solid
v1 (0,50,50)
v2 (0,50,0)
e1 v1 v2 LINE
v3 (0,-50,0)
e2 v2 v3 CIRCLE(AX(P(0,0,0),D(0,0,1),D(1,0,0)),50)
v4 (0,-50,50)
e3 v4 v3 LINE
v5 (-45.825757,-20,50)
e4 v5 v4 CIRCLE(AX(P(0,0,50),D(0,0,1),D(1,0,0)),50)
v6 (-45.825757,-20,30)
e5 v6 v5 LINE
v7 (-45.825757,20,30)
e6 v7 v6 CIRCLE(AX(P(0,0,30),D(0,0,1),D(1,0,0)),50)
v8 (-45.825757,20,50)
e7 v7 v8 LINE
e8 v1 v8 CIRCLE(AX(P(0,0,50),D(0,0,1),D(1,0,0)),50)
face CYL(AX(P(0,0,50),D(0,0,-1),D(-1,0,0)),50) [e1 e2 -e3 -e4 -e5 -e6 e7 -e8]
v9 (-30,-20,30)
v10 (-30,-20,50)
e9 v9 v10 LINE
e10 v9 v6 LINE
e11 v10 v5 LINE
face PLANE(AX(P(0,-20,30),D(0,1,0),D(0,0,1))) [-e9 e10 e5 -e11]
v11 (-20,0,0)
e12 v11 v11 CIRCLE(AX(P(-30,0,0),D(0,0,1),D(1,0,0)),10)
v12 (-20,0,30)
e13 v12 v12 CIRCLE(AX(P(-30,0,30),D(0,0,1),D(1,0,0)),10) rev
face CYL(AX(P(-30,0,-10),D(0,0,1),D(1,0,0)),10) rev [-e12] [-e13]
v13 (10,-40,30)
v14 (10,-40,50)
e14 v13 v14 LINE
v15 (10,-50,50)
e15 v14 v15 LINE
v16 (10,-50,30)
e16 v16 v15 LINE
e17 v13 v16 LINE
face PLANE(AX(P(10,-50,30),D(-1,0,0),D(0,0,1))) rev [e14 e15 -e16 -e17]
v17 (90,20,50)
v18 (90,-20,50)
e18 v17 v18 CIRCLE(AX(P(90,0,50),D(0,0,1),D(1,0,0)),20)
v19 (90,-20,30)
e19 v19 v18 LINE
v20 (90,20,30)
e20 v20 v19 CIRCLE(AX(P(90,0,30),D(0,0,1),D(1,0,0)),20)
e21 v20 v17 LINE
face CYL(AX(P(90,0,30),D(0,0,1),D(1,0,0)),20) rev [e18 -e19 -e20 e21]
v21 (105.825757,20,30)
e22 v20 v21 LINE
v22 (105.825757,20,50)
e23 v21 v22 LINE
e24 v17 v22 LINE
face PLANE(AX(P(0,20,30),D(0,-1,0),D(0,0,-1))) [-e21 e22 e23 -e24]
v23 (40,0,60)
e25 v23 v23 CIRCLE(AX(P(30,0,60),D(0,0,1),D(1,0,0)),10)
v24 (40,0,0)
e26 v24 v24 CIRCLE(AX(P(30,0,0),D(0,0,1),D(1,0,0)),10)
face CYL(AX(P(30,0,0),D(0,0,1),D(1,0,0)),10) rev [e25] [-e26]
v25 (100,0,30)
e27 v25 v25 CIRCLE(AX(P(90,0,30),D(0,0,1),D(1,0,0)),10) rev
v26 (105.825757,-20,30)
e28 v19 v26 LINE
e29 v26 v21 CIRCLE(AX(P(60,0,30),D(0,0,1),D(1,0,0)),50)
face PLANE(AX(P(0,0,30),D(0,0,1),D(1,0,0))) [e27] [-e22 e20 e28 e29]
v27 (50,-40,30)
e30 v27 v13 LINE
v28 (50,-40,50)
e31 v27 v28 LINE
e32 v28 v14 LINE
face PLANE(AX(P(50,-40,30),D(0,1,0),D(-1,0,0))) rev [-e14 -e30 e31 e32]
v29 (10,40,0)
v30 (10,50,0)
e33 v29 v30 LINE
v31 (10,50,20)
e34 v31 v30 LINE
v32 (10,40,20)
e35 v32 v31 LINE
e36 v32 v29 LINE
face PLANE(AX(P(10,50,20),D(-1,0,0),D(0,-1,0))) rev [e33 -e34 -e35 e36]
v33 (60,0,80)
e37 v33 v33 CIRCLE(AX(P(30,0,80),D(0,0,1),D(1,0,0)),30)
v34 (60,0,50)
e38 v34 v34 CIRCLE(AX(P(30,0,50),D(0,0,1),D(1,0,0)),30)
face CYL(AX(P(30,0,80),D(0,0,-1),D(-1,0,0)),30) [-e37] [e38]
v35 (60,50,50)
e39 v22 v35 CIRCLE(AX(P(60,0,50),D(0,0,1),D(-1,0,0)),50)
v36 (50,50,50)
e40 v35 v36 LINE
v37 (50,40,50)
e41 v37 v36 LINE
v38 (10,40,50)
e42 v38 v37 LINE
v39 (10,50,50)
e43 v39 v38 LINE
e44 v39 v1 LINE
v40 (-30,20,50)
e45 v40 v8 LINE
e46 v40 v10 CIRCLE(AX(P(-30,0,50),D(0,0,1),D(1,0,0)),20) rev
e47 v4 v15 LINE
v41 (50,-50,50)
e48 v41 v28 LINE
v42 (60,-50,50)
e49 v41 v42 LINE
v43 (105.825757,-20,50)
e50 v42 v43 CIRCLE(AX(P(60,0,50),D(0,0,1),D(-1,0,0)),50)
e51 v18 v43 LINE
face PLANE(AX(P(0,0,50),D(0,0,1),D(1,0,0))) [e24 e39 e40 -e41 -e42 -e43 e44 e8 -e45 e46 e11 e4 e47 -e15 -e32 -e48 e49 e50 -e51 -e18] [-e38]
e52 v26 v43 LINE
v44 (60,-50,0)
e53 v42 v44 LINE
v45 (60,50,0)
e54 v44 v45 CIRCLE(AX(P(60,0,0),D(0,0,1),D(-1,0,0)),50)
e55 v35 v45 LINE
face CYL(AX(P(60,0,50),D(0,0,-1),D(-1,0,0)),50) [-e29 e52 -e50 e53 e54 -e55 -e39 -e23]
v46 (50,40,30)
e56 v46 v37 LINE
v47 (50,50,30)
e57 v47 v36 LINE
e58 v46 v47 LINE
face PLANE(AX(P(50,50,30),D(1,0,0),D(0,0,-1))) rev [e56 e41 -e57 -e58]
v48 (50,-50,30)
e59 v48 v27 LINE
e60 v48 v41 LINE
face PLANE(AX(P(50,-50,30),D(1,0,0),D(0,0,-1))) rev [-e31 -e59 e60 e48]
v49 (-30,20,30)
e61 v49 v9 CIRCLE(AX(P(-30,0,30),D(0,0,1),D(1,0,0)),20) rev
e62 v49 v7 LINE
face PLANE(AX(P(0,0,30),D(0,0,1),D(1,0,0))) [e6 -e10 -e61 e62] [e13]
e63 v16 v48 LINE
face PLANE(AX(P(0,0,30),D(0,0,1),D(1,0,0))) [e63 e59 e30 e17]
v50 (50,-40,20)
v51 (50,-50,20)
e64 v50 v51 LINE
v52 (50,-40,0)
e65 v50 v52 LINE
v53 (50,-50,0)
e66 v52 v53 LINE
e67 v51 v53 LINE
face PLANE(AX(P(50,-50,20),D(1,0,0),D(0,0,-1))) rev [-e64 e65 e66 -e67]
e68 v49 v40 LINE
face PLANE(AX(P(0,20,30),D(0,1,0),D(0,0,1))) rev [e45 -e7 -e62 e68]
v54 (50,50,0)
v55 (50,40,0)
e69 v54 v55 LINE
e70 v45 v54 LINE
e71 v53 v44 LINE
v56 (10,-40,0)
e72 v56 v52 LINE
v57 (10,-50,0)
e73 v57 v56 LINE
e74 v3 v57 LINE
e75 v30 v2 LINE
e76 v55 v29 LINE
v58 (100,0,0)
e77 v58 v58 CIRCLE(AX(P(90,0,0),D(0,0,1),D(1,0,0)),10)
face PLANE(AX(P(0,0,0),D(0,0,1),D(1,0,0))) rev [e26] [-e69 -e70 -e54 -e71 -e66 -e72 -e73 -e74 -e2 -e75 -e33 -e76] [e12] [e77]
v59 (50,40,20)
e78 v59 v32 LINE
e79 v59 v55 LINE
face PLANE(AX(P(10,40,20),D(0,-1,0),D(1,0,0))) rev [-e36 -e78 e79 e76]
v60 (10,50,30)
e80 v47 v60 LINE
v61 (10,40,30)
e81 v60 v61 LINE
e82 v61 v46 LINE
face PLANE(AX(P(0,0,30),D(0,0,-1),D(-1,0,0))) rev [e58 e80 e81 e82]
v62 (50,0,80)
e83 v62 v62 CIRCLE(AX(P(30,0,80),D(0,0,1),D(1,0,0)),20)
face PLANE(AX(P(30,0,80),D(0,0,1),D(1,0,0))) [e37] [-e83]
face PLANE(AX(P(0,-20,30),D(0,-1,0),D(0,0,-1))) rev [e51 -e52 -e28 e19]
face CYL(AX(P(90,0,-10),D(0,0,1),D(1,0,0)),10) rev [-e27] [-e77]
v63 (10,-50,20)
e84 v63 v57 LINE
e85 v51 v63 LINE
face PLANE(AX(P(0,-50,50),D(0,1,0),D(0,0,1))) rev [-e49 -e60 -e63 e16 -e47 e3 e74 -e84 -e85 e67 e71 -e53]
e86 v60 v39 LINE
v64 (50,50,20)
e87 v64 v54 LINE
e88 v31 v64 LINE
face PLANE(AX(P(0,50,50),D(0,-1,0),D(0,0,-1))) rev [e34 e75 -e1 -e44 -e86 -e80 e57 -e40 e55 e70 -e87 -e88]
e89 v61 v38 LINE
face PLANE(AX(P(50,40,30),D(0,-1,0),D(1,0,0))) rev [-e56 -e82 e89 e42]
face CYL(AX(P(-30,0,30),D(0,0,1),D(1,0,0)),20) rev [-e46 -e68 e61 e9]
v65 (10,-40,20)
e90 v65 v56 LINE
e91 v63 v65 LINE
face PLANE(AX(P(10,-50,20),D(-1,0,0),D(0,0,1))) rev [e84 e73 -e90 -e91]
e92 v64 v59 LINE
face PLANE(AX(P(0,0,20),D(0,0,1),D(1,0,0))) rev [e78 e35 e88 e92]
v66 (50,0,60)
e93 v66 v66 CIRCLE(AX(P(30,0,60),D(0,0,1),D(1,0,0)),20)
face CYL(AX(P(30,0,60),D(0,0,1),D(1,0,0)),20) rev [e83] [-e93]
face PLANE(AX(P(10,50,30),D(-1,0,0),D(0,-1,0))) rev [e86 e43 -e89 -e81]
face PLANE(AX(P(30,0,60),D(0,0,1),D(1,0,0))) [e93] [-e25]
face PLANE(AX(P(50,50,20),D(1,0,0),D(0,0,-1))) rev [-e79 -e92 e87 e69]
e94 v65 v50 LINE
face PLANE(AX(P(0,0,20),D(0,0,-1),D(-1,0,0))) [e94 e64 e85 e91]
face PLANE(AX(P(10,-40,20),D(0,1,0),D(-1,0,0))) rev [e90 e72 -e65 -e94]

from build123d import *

# Parameters (mm, degrees)
BOSS_EXTRUDE1_DEPTH = 50
SKETCH2_R           = 10
CUT_EXTRUDE1_DEPTH  = 50
SKETCH3_R           = 30
BOSS_EXTRUDE2_DEPTH = 30
SKETCH4_R           = 20
CUT_EXTRUDE2_DEPTH  = 20
SKETCH5_R           = 10
CUT_EXTRUDE3_DEPTH  = 20
SKETCH6_W           = 40
SKETCH6_H           = 10
CUT_EXTRUDE4_DEPTH  = 20
SKETCH7_W           = 40
SKETCH7_H           = 10
CUT_EXTRUDE5_DEPTH  = 20
SKETCH8_W           = 40
SKETCH8_H           = 10
CUT_EXTRUDE6_DEPTH  = 20
SKETCH9_W           = 40
SKETCH9_H           = 10
CUT_EXTRUDE7_DEPTH  = 20
SKETCH10_R          = 10
CUT_EXTRUDE8_DEPTH  = 60
SKETCH11_R          = 10
CUT_EXTRUDE9_DEPTH  = 20


with BuildPart() as part:
    # Sketch1 → Boss-Extrude1 (new body)
    with BuildSketch(Plane.XY):
        with BuildLine():
            Line((0, 50), (60, 50))
            ThreePointArc((60, 50), (110, 0), (60, -50))
            Line((60, -50), (0, -50))
            ThreePointArc((0, -50), (-50, 0), (0, 50))
        make_face()
    extrude(amount=BOSS_EXTRUDE1_DEPTH)

    # Sketch2 → Cut-Extrude1 (cut)
    with BuildSketch(Plane.XY.offset(50)):
        with Locations((30, 0)):
            Circle(SKETCH2_R)
    extrude(amount=-CUT_EXTRUDE1_DEPTH, mode=Mode.SUBTRACT)

    # Sketch3 → Boss-Extrude2 (add)
    with BuildSketch(Plane.XY.offset(50)):
        with Locations((30, 0)):
            Circle(SKETCH3_R)
    extrude(amount=BOSS_EXTRUDE2_DEPTH)

    # Sketch4 → Cut-Extrude2 (cut)
    with BuildSketch(Plane.XY.offset(80)):
        with Locations((30, 0)):
            Circle(SKETCH4_R)
    extrude(amount=-CUT_EXTRUDE2_DEPTH, mode=Mode.SUBTRACT)

    # Sketch5 → Cut-Extrude3 (cut)
    with BuildSketch(Plane(origin=(0, 0, 50), x_dir=(-1, 0, 0), z_dir=(0, 0, -1))):
        with Locations((-30, 0)):
            Circle(SKETCH5_R)
    extrude(amount=-CUT_EXTRUDE3_DEPTH, mode=Mode.SUBTRACT)

    # Sketch6 → Cut-Extrude4 (cut)
    with BuildSketch(Plane.XY.offset(50)):
        with Locations((30, 45)):
            Rectangle(SKETCH6_W, SKETCH6_H)
    extrude(amount=-CUT_EXTRUDE4_DEPTH, mode=Mode.SUBTRACT)

    # Sketch7 → Cut-Extrude5 (cut)
    with BuildSketch(Plane(origin=(0, 0, 0), x_dir=(-1, 0, 0), z_dir=(0, 0, -1))):
        with Locations((-30, 45)):
            Rectangle(SKETCH7_W, SKETCH7_H)
    extrude(amount=-CUT_EXTRUDE5_DEPTH, mode=Mode.SUBTRACT)

    # Sketch8 → Cut-Extrude6 (cut)
    with BuildSketch(Plane.XY.offset(50)):
        with Locations((30, -45)):
            Rectangle(SKETCH8_W, SKETCH8_H)
    extrude(amount=-CUT_EXTRUDE6_DEPTH, mode=Mode.SUBTRACT)

    # Sketch9 → Cut-Extrude7 (cut)
    with BuildSketch(Plane(origin=(0, 0, 0), x_dir=(-1, 0, 0), z_dir=(0, 0, -1))):
        with Locations((-30, -45)):
            Rectangle(SKETCH9_W, SKETCH9_H)
    extrude(amount=-CUT_EXTRUDE7_DEPTH, mode=Mode.SUBTRACT)

    # Sketch10 → Cut-Extrude8 (cut)
    with BuildSketch(Plane.XY.offset(50)):
        with Locations((-30, 0)):
            Circle(SKETCH10_R)
        with Locations((90, 0)):
            Circle(SKETCH10_R)
    extrude(amount=-CUT_EXTRUDE8_DEPTH, mode=Mode.SUBTRACT)

    # Sketch11 → Cut-Extrude9 (cut)
    with BuildSketch(Plane.XY.offset(50)):
        with BuildLine():
            ThreePointArc((-30, -20), (-10, 0), (-30, 20))
            Line((-30, 20), (-45.82575695, 20))
            ThreePointArc((-45.82575695, 20), (-50, 0), (-45.82575695, -20))
            Line((-45.82575695, -20), (-30, -20))
        make_face()
        with Locations((-30, 0)):
            Circle(SKETCH11_R, mode=Mode.SUBTRACT)
        with BuildLine():
            Line((105.82575695, 20), (90, 20))
            ThreePointArc((90, 20), (70, 0), (90, -20))
            Line((90, -20), (105.82575695, -20))
            ThreePointArc((105.82575695, -20), (110, 0), (105.82575695, 20))
        make_face()
        with Locations((90, 0)):
            Circle(SKETCH11_R, mode=Mode.SUBTRACT)
    extrude(amount=-CUT_EXTRUDE9_DEPTH, mode=Mode.SUBTRACT)


solid = part.part
